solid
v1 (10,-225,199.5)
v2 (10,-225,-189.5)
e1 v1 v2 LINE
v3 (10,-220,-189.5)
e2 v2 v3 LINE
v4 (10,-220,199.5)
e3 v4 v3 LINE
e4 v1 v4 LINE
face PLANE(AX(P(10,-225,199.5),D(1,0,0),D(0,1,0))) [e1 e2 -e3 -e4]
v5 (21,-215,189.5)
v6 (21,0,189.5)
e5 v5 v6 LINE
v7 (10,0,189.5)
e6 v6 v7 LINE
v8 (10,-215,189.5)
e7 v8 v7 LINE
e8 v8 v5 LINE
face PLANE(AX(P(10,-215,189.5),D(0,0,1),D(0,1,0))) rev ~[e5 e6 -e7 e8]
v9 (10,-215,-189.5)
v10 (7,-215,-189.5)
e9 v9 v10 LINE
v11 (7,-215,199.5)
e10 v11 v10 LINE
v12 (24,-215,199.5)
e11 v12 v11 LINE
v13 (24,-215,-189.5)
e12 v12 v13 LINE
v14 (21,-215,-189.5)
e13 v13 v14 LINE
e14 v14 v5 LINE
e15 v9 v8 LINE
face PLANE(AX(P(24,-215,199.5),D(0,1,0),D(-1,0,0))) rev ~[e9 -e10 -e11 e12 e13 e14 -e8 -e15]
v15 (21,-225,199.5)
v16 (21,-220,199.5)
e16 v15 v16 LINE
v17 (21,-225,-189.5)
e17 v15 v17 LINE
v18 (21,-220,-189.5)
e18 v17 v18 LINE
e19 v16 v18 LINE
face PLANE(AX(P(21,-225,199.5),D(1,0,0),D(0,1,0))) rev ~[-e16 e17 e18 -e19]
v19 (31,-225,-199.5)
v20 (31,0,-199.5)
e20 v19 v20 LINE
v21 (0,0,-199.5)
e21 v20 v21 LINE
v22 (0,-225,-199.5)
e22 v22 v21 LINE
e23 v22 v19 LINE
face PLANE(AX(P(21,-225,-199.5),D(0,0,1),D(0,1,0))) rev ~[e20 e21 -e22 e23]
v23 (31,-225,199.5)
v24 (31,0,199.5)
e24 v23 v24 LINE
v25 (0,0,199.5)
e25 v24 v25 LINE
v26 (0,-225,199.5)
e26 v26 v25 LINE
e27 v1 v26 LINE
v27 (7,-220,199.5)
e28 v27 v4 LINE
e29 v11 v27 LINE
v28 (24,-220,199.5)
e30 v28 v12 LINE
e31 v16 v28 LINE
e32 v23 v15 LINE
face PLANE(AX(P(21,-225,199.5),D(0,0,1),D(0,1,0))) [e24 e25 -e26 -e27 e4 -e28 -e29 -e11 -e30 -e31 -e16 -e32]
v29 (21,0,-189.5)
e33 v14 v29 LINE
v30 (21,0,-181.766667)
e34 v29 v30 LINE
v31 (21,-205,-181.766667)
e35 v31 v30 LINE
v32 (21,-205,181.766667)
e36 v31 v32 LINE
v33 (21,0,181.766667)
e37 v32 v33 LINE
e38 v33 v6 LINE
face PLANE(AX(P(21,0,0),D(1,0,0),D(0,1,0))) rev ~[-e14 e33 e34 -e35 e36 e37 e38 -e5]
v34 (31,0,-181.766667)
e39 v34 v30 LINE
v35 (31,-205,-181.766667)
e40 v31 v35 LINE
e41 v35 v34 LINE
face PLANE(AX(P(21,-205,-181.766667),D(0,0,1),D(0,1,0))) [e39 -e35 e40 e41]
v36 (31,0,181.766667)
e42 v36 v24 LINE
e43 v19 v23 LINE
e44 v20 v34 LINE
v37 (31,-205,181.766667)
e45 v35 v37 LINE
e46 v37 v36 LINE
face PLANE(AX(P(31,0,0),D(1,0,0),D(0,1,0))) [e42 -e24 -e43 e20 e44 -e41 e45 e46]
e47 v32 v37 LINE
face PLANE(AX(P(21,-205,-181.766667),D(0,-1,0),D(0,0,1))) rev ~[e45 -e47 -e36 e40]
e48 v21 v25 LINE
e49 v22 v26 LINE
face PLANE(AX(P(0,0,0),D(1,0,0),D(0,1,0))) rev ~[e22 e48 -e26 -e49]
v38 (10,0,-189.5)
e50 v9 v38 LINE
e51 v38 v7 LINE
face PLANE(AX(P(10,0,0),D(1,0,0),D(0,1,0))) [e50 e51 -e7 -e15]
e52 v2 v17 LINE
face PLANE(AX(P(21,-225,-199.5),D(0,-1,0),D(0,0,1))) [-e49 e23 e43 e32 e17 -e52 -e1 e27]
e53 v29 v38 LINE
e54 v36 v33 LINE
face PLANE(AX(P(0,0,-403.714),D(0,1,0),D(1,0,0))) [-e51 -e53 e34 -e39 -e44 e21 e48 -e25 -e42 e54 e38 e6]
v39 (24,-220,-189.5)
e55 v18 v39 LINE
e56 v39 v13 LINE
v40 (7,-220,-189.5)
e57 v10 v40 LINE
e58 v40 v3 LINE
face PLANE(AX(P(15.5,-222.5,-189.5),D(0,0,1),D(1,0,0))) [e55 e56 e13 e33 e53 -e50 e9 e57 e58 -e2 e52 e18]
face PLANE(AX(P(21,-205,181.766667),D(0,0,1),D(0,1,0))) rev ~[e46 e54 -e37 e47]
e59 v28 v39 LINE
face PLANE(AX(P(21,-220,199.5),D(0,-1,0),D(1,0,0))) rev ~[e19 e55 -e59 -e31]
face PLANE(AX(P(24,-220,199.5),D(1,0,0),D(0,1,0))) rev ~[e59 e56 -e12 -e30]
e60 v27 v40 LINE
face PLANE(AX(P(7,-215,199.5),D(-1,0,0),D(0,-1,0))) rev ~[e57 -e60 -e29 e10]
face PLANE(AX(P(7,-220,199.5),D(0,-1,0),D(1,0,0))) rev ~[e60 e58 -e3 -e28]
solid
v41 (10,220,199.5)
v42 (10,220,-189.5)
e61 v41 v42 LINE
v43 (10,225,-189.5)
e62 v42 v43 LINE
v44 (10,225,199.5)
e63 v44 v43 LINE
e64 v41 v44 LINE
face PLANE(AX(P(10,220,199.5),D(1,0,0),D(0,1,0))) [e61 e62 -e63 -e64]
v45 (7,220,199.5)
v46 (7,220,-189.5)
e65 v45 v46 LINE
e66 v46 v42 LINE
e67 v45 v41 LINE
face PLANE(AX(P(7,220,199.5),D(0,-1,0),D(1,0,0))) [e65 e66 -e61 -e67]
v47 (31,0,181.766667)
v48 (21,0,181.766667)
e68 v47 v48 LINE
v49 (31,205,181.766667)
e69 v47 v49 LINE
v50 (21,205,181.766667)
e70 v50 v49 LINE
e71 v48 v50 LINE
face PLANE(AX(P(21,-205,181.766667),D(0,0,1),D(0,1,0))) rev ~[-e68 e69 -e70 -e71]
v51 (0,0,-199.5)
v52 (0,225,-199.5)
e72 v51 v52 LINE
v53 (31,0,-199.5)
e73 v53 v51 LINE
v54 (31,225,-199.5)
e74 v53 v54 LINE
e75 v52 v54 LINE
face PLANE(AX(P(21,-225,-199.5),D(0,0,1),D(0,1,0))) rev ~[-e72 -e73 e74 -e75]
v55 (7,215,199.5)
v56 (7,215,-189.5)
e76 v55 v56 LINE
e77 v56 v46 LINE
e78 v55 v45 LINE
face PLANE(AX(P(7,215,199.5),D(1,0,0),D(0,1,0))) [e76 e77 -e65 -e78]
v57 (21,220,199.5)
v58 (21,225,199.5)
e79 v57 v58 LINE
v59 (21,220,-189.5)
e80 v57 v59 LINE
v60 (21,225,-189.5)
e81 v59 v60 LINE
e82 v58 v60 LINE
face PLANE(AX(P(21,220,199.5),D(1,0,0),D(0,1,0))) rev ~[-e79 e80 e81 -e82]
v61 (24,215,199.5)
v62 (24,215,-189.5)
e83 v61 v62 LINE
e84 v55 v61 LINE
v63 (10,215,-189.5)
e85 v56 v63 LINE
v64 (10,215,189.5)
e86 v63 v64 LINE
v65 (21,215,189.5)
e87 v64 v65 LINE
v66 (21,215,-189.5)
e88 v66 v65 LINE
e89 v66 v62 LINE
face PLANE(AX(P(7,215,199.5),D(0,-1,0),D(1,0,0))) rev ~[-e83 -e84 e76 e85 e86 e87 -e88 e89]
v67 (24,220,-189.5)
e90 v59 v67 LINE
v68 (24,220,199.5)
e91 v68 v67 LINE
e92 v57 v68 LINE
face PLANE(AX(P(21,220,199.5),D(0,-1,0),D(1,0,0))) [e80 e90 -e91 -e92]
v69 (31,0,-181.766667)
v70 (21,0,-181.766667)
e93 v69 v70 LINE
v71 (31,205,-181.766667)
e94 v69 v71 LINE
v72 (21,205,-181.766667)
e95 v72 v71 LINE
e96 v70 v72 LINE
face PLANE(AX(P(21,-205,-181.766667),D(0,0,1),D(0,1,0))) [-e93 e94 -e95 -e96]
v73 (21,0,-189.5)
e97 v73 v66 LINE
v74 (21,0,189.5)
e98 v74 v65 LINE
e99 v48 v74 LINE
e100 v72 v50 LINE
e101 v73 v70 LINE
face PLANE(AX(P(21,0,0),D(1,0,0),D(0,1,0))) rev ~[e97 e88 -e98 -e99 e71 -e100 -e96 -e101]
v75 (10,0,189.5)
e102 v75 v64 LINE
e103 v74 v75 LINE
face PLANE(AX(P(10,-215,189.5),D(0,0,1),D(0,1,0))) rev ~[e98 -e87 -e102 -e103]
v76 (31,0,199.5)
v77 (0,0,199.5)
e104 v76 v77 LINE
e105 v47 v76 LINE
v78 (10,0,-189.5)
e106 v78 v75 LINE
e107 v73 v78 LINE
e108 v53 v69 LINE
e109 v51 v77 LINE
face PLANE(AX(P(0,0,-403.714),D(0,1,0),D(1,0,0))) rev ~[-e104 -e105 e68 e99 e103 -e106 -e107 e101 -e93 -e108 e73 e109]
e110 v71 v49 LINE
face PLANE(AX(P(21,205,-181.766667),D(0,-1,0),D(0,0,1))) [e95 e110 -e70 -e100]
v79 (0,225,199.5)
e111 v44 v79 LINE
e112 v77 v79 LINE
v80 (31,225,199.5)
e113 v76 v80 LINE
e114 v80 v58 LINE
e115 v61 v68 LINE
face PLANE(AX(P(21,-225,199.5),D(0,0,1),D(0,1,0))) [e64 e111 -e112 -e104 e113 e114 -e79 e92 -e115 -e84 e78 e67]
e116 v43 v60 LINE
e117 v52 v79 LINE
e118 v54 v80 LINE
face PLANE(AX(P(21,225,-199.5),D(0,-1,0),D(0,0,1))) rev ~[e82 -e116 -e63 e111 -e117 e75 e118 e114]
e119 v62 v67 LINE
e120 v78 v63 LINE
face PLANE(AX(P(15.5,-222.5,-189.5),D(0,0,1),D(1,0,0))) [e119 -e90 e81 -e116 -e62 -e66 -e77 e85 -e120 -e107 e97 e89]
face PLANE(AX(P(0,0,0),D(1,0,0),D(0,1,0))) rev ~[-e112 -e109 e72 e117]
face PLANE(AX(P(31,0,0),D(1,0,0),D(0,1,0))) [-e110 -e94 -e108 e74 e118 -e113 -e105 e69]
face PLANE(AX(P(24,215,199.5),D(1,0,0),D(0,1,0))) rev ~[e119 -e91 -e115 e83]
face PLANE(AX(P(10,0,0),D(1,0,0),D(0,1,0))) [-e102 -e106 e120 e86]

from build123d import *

# Parameters (mm, degrees)
SKETCH1_W              = 450
SKETCH1_H              = 399
BOSS_EXTRUDE1_DEPTH    = 10
SKETCH3_W              = 450
SKETCH3_H              = 399
SKETCH3_W_2            = 430
SKETCH3_H_2            = 379
BOSS_EXTRUDE2_DEPTH    = 11
SKETCH5_W              = 450
SKETCH5_H              = 399
SKETCH5_W_2            = 410
SKETCH5_H_2            = 363.533333334
BOSS_EXTRUDE3_DEPTH    = 10
SKETCH7_W              = 11
SKETCH7_H              = 5
SKETCH7_W_2            = 17
CUT_EXTRUDE1_DEPTH     = 389
SPLIT1_SURFACE_1_BACK  = 603.214
SPLIT1_SURFACE_1_DEPTH = 1206.428
SPLIT1_SURFACE_2_BACK  = 603.214
SPLIT1_SURFACE_2_DEPTH = 1206.428


with BuildPart() as part:
    # Sketch1 → Boss-Extrude1 (new body)
    with BuildSketch(Plane.YZ):
        Rectangle(SKETCH1_W, SKETCH1_H)
    extrude(amount=BOSS_EXTRUDE1_DEPTH)

    # Sketch3 → Boss-Extrude2 (add)
    with BuildSketch(Plane.YZ.offset(10)):
        Rectangle(SKETCH3_W, SKETCH3_H)
        Rectangle(SKETCH3_W_2, SKETCH3_H_2, mode=Mode.SUBTRACT)
    extrude(amount=BOSS_EXTRUDE2_DEPTH)

    # Sketch5 → Boss-Extrude3 (add)
    with BuildSketch(Plane.YZ.offset(21)):
        Rectangle(SKETCH5_W, SKETCH5_H)
        Rectangle(SKETCH5_W_2, SKETCH5_H_2, mode=Mode.SUBTRACT)
    extrude(amount=BOSS_EXTRUDE3_DEPTH)

    # Sketch7 → Cut-Extrude1 (cut)
    with BuildSketch(Plane.XY.offset(199.5)):
        with Locations((15.5, -222.5)):
            Rectangle(SKETCH7_W, SKETCH7_H)
        Polygon((7, -220), (10, -220), (21, -220), (24, -220), (24, -215), (7, -215), align=None)
        with Locations((15.5, 222.5)):
            Rectangle(SKETCH7_W, SKETCH7_H)
        with Locations((15.5, 217.5)):
            Rectangle(SKETCH7_W_2, SKETCH7_H)
    extrude(amount=-CUT_EXTRUDE1_DEPTH, mode=Mode.SUBTRACT)


with BuildPart() as body_2:
    # Split1: the piece behind the surface
    add(part.part)
    # Split1 surface: a surface, the sketch's curves swept straight by 1206.428 mm
    with BuildLine(Plane.XY.offset(199.5).offset(-SPLIT1_SURFACE_1_BACK), mode=Mode.PRIVATE) as split1_surface_1_path:
        Line((0, 0), (31, 0))
    split1_surface_1 = Shell.extrude(split1_surface_1_path.wire(), (0 * SPLIT1_SURFACE_1_DEPTH, 0 * SPLIT1_SURFACE_1_DEPTH, 1 * SPLIT1_SURFACE_1_DEPTH))
    split(bisect_by=split1_surface_1, keep=Keep.BOTTOM)


with BuildPart() as part_1:
    add(part.part)

    # Split1: split by a surface, the side it looks to stays
    # Split1 surface: a surface, the sketch's curves swept straight by 1206.428 mm
    with BuildLine(Plane.XY.offset(199.5).offset(-SPLIT1_SURFACE_2_BACK), mode=Mode.PRIVATE) as split1_surface_2_path:
        Line((0, 0), (31, 0))
    split1_surface_2 = Shell.extrude(split1_surface_2_path.wire(), (0 * SPLIT1_SURFACE_2_DEPTH, 0 * SPLIT1_SURFACE_2_DEPTH, 1 * SPLIT1_SURFACE_2_DEPTH))
    split(bisect_by=split1_surface_2, keep=Keep.TOP)


solid = Compound([body_2.part, part_1.part])
